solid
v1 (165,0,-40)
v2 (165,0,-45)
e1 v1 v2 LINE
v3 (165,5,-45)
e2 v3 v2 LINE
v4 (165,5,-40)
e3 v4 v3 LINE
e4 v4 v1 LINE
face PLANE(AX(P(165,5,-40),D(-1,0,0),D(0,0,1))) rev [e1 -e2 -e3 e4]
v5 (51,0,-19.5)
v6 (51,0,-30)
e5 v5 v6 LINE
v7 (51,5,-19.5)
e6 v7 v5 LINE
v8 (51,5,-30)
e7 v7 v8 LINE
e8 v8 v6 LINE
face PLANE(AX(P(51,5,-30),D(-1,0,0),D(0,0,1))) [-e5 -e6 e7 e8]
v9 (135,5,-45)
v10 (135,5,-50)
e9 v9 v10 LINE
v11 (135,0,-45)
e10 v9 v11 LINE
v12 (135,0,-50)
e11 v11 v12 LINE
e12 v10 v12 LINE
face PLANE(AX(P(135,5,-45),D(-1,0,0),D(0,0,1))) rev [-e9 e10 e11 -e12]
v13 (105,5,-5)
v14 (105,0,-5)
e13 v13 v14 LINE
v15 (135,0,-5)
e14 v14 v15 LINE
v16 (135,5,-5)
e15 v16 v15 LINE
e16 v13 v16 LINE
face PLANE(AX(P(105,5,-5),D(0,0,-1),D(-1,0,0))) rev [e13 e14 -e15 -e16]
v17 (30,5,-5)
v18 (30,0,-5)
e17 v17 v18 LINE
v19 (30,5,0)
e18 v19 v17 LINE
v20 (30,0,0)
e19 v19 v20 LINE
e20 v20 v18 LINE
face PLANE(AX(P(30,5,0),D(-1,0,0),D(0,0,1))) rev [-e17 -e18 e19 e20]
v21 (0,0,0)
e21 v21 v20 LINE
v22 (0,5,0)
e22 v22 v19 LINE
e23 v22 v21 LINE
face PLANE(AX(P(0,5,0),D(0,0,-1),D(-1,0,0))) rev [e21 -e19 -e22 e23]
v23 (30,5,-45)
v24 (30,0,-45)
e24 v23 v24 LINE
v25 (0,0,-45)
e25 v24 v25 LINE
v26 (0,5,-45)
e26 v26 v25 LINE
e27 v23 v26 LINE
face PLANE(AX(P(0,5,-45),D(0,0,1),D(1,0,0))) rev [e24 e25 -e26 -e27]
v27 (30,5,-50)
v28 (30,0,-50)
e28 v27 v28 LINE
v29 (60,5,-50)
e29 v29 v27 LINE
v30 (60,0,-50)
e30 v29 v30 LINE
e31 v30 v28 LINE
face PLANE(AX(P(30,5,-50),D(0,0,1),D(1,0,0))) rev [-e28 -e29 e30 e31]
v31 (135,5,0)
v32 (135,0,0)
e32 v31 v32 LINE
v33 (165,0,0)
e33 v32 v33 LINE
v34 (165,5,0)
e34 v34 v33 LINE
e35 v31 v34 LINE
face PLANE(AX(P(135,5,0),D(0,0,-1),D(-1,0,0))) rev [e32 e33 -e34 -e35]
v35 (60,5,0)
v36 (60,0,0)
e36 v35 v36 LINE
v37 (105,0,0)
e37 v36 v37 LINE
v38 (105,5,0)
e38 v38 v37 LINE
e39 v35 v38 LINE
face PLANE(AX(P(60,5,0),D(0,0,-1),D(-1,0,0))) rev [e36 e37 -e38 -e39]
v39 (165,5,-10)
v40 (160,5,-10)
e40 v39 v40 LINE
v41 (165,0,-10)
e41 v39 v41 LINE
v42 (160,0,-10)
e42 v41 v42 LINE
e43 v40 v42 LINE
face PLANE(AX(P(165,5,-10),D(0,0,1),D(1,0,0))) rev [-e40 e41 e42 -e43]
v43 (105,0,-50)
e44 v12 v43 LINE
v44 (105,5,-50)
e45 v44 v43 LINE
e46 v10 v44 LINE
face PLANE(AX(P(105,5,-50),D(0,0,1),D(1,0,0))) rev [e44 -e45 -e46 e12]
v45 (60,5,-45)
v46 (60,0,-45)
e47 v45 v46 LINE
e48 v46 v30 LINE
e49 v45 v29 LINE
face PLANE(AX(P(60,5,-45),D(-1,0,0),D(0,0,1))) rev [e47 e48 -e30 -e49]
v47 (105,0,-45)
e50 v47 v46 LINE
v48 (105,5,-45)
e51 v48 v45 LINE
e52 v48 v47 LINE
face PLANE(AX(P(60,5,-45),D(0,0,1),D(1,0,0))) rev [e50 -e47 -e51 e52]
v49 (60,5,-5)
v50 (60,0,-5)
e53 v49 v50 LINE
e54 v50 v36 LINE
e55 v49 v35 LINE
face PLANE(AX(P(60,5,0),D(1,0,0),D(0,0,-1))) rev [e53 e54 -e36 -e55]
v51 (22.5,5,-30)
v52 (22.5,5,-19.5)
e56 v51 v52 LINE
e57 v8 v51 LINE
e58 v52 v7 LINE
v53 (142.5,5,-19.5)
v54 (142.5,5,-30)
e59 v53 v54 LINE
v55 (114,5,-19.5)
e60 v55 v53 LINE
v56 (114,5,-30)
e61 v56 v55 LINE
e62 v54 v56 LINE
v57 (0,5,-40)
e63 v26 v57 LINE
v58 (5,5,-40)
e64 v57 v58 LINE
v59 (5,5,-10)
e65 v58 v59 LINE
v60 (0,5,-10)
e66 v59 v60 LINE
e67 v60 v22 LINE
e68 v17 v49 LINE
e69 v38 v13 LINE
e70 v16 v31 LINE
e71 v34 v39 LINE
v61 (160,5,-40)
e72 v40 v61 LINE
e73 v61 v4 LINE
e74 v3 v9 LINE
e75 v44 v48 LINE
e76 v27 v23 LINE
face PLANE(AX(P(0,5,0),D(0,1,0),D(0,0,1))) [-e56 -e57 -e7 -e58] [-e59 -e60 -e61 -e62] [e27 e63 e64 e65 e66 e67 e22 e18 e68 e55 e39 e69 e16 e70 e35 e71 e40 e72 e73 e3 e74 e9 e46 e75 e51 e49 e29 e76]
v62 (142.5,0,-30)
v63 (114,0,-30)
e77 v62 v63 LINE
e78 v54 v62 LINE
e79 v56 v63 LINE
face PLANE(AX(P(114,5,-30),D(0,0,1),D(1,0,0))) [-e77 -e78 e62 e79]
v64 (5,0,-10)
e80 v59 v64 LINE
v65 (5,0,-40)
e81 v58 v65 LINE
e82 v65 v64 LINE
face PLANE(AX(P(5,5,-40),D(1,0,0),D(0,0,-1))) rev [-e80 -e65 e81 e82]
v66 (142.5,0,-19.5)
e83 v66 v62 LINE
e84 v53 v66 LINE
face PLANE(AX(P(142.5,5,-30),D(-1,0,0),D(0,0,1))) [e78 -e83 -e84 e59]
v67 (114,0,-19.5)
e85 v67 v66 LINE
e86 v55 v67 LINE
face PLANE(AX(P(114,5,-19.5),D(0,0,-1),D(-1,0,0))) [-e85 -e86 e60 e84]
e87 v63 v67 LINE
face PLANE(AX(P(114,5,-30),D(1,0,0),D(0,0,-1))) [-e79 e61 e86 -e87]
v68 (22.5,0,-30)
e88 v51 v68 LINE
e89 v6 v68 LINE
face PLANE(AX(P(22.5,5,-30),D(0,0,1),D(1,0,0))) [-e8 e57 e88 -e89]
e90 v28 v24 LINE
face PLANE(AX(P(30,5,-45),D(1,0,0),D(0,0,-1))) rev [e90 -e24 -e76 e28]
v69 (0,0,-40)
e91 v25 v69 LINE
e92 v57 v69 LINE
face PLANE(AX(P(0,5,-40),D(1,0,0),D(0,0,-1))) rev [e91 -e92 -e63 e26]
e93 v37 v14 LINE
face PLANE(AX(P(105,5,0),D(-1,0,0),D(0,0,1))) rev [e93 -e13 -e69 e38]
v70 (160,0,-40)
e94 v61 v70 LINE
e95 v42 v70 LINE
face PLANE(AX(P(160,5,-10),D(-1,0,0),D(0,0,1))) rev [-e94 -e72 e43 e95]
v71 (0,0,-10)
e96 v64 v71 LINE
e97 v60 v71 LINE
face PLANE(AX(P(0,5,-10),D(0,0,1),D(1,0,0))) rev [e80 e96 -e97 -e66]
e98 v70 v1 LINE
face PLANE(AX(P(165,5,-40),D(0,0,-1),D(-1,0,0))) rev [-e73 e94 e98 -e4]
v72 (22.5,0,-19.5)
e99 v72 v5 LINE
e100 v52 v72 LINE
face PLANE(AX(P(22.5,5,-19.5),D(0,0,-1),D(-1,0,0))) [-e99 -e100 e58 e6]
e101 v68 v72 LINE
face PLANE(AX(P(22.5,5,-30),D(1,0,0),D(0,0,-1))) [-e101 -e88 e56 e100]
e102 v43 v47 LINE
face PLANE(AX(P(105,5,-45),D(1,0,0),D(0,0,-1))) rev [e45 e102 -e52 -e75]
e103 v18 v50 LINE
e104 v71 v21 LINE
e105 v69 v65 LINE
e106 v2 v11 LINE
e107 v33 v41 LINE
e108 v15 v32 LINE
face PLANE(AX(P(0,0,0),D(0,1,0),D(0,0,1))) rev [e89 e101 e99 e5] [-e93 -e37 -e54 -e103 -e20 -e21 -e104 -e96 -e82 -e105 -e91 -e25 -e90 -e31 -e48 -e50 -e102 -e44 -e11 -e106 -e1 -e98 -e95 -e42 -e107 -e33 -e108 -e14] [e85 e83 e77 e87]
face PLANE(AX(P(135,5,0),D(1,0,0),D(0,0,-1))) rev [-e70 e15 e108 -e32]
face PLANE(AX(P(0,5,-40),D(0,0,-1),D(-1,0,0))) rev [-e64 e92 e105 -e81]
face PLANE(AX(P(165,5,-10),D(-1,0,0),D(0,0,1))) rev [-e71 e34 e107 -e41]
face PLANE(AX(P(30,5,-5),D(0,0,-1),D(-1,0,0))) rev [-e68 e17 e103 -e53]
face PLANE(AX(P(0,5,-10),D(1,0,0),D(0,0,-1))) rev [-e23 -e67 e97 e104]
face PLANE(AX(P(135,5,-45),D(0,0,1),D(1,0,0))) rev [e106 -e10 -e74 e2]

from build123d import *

# Parameters (mm, degrees)
SKETCH1_W           = 28.5
SKETCH1_H           = 10.5
BOSS_EXTRUDE1_DEPTH = 5


with BuildPart() as part:
    # Sketch1 → Boss-Extrude1 (new body)
    with BuildSketch(Plane(origin=(0, 0, 0), x_dir=(1, 0, 0), z_dir=(0, 1, 0))):
        Polygon((0, 40), (0, 45), (30, 45), (30, 50), (60, 50), (60, 45), (105, 45), (105, 50), (135, 50), (135, 45), (165, 45), (165, 40), (160, 40), (160, 10), (165, 10), (165, 0), (135, 0), (135, 5), (105, 5), (105, 0), (60, 0), (60, 5), (30, 5), (30, 0), (0, 0), (0, 10), (5, 10), (5, 40), align=None)
        with Locations((36.75, 24.75)):
            Rectangle(SKETCH1_W, SKETCH1_H, mode=Mode.SUBTRACT)
        with Locations((128.25, 24.75)):
            Rectangle(SKETCH1_W, SKETCH1_H, mode=Mode.SUBTRACT)
    extrude(amount=BOSS_EXTRUDE1_DEPTH)


solid = part.part
